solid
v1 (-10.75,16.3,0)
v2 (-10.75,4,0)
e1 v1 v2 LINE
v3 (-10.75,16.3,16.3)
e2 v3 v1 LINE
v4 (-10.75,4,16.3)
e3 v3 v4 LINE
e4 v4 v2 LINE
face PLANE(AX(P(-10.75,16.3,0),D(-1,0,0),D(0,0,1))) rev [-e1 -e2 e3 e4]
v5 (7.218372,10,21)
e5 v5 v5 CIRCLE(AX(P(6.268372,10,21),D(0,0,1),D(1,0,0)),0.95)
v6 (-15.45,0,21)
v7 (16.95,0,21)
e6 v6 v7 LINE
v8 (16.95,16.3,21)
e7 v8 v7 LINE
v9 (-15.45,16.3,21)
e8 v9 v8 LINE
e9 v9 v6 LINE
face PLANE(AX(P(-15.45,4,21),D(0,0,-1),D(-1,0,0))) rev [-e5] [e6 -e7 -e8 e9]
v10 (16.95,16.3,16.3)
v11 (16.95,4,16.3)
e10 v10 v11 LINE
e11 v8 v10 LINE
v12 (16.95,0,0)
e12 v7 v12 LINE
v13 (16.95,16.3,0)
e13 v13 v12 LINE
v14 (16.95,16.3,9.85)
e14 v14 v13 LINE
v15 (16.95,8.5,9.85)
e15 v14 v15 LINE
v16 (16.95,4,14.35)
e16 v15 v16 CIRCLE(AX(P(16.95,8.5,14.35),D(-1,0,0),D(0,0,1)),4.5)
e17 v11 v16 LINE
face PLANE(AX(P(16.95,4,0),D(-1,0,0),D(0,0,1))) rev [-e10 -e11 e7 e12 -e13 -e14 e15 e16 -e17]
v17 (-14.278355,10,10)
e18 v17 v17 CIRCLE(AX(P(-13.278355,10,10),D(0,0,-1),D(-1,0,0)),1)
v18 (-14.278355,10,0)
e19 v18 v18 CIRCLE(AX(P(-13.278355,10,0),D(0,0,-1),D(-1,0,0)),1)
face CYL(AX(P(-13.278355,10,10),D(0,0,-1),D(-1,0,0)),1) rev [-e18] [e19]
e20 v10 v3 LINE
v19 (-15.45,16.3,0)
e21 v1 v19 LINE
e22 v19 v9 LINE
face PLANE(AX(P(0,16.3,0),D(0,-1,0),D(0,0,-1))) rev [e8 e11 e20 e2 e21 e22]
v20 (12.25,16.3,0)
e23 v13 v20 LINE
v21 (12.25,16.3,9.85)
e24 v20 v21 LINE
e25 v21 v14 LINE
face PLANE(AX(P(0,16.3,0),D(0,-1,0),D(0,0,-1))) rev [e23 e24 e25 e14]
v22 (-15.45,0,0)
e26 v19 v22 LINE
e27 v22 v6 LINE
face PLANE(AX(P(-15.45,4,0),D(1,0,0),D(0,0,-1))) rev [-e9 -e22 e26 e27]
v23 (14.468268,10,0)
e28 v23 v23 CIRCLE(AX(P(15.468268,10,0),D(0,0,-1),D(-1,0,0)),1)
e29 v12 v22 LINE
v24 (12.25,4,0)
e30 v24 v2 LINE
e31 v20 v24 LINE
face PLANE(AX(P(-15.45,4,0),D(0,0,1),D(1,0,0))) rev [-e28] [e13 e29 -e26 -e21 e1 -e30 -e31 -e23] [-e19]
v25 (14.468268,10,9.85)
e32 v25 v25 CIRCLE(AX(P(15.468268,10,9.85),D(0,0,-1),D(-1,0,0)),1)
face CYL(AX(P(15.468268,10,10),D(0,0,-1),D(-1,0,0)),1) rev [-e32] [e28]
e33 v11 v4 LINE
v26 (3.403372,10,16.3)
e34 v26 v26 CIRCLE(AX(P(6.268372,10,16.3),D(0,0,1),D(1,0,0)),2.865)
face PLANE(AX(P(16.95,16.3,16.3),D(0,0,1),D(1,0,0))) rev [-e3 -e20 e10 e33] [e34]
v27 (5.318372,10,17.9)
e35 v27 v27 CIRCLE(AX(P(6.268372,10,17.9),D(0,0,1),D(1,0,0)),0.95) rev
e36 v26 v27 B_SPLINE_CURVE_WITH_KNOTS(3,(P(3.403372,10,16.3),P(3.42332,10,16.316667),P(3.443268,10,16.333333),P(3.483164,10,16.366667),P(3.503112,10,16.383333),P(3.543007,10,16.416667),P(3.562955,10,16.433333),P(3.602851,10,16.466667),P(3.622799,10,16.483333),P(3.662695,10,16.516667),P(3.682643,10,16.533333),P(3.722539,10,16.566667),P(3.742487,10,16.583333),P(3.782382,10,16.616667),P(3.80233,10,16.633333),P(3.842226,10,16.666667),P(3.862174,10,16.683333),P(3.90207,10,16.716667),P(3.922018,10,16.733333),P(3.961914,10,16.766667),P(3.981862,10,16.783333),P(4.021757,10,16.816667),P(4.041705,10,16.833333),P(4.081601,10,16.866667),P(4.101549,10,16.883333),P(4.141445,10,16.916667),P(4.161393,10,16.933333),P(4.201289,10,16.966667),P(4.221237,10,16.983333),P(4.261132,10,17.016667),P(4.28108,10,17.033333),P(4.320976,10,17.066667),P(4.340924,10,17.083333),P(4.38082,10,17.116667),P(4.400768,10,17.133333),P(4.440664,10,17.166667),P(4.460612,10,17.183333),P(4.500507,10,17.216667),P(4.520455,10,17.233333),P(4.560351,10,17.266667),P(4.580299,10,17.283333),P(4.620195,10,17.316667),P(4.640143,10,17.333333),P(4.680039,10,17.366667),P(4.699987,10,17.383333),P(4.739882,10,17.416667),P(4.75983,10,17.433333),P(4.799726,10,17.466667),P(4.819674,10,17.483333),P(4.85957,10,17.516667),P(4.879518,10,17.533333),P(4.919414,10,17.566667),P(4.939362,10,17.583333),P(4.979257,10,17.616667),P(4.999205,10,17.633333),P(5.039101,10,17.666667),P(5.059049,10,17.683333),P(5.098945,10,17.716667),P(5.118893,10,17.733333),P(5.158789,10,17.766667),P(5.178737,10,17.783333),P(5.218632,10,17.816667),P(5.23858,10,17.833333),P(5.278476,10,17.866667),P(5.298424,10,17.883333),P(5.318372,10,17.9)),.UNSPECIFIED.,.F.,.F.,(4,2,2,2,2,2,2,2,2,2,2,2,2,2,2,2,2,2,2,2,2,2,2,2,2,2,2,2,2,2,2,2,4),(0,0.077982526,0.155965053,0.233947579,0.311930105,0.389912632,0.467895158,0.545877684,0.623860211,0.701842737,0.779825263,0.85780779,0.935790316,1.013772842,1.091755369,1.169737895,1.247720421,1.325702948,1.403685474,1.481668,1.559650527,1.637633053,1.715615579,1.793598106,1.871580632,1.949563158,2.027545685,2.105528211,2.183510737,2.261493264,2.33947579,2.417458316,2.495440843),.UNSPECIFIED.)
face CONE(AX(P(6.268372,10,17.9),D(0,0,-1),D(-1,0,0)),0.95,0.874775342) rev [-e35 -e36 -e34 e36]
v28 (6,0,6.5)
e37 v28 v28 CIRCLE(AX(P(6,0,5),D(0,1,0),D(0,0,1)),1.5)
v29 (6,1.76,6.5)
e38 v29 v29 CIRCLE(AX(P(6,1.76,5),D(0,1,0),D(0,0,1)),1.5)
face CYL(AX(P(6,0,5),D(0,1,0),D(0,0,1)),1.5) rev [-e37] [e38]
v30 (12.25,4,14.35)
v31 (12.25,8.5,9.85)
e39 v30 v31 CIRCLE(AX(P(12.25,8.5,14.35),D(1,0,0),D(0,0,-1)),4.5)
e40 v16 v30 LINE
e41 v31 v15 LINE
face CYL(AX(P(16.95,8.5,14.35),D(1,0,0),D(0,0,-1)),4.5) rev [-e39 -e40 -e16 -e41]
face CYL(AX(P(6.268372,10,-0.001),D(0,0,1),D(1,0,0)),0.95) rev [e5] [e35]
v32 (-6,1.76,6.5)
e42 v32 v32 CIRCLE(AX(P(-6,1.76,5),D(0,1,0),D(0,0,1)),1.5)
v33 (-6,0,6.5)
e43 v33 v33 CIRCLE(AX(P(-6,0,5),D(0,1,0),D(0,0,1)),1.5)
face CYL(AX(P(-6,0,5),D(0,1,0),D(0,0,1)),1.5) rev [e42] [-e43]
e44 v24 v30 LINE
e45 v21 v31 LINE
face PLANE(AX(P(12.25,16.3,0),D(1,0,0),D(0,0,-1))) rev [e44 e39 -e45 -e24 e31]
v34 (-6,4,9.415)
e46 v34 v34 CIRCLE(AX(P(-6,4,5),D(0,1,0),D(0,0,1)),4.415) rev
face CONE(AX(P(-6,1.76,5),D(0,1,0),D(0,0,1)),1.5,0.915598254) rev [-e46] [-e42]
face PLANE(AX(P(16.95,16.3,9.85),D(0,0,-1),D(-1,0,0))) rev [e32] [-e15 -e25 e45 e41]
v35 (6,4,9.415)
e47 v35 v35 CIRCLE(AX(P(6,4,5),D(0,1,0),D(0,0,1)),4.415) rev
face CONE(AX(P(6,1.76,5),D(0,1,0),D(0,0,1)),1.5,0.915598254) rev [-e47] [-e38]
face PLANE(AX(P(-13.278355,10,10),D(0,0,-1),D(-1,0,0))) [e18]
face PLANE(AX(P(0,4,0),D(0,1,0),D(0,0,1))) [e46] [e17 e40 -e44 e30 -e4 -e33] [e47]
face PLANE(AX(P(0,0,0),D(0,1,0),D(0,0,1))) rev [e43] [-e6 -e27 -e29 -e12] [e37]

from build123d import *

# Parameters (mm, degrees)
ESQUISSE1_W             = 32.4
ESQUISSE1_H             = 21
BOSS_EXTRU_1_DEPTH      = 4
ESQUISSE2_W             = 4.7
ESQUISSE2_H             = 9.85
BOSS_EXTRU_2_DEPTH      = 12.3
ENL_V_MAT_EXTRU_1_REACH = 33.528
ESQUISSE3_R             = 0.95
CHANFREIN1_SIZE         = 1.915
CHANFREIN1_SIZE2        = 1.6
ESQUISSE4_R             = 1
ENL_V_MAT_EXTRU_2_DEPTH = 10
CONG_1_R                = 4.5
ESQUISSE5_R             = 1.5
ENL_V_MAT_EXTRU_3_DEPTH = 30.657924742
CHANFREIN2_SIZE         = 2.915
CHANFREIN2_SIZE2        = 2.24


with BuildPart() as part:
    # Esquisse1 → Boss.-Extru.1 (new body)
    with BuildSketch(Plane(origin=(0, 0, 0), x_dir=(1, 0, 0), z_dir=(0, 1, 0))):
        with Locations((0.75, -10.5)):
            Rectangle(ESQUISSE1_W, ESQUISSE1_H)
    extrude(amount=BOSS_EXTRU_1_DEPTH)

    # Esquisse2 → Boss.-Extru.2 (add)
    with BuildSketch(Plane(origin=(0, 4, 0), x_dir=(1, 0, 0), z_dir=(0, 1, 0))):
        Polygon((-15.45, 0), (-10.75, 0), (-10.75, -16.3), (16.95, -16.3), (16.95, -21), (-15.45, -21), align=None)
        with Locations((14.6, -4.925)):
            Rectangle(ESQUISSE2_W, ESQUISSE2_H)
    extrude(amount=BOSS_EXTRU_2_DEPTH)

    # Esquisse3 → Enlèv. mat.-Extru.1 (cut, up to next)
    with BuildSketch(Plane.XY.offset(21), mode=Mode.PRIVATE) as enl_v_mat_extru_1_sk1:
        with Locations((6.268372061, 10)):
            Circle(ESQUISSE3_R)
    enl_v_mat_extru_1_tool1 = extrude(enl_v_mat_extru_1_sk1.sketch, amount=-ENL_V_MAT_EXTRU_1_REACH, mode=Mode.PRIVATE) & part.part
    add(enl_v_mat_extru_1_tool1.solids().sort_by_distance((6.268372, 10, 21))[0], mode=Mode.SUBTRACT)

    # Chanfrein1
    chanfrein1_edges = [part.edges().sort_by_distance(p)[0] for p in [
        (5.318372061, 10, 16.3),
    ]]
    chanfrein1_side = [part.faces().sort_by_distance(p)[0] for p in [
        (3.073412496, 10.15125873, 16.3),
    ]]
    chamfer(chanfrein1_edges, length=CHANFREIN1_SIZE, length2=CHANFREIN1_SIZE2, reference=chanfrein1_side[0])

    # Esquisse4 → Enlèv. mat.-Extru.2 (cut)
    with BuildSketch(Plane(origin=(0, 0, 0), x_dir=(-1, 0, 0), z_dir=(0, 0, -1))):
        with Locations((-15.468268339, 10)):
            Circle(ESQUISSE4_R)
        with Locations((13.27835463, 10)):
            Circle(ESQUISSE4_R)
    extrude(amount=-ENL_V_MAT_EXTRU_2_DEPTH, mode=Mode.SUBTRACT)

    # Congé1
    cong_1_edges = [part.edges().sort_by_distance(p)[0] for p in [
        (14.6, 4, 9.85),
    ]]
    fillet(cong_1_edges, radius=CONG_1_R)

    # Esquisse5 → Enlèv. mat.-Extru.3 (cut, through all)
    with BuildSketch(Plane(origin=(0, 4, 0), x_dir=(1, 0, 0), z_dir=(0, 1, 0))):
        with Locations(Location((-6, -5, 0), (0, 0, 270))):
            Circle(ESQUISSE5_R)
        with Locations(Location((6, -5, 0), (0, 0, 270))):
            Circle(ESQUISSE5_R)
    extrude(amount=-ENL_V_MAT_EXTRU_3_DEPTH, mode=Mode.SUBTRACT)

    # Chanfrein2
    chanfrein2_edges = [part.edges().sort_by_distance(p)[0] for p in [
        (-6, 4, 3.5),
        (6, 4, 3.5),
    ]]
    chanfrein2_side = [part.faces().sort_by_distance(p)[0] for p in [
        (1.12179718, 4, 8.448141802),
    ]]
    chamfer(chanfrein2_edges, length=CHANFREIN2_SIZE, length2=CHANFREIN2_SIZE2, reference=chanfrein2_side[0])


solid = part.part
